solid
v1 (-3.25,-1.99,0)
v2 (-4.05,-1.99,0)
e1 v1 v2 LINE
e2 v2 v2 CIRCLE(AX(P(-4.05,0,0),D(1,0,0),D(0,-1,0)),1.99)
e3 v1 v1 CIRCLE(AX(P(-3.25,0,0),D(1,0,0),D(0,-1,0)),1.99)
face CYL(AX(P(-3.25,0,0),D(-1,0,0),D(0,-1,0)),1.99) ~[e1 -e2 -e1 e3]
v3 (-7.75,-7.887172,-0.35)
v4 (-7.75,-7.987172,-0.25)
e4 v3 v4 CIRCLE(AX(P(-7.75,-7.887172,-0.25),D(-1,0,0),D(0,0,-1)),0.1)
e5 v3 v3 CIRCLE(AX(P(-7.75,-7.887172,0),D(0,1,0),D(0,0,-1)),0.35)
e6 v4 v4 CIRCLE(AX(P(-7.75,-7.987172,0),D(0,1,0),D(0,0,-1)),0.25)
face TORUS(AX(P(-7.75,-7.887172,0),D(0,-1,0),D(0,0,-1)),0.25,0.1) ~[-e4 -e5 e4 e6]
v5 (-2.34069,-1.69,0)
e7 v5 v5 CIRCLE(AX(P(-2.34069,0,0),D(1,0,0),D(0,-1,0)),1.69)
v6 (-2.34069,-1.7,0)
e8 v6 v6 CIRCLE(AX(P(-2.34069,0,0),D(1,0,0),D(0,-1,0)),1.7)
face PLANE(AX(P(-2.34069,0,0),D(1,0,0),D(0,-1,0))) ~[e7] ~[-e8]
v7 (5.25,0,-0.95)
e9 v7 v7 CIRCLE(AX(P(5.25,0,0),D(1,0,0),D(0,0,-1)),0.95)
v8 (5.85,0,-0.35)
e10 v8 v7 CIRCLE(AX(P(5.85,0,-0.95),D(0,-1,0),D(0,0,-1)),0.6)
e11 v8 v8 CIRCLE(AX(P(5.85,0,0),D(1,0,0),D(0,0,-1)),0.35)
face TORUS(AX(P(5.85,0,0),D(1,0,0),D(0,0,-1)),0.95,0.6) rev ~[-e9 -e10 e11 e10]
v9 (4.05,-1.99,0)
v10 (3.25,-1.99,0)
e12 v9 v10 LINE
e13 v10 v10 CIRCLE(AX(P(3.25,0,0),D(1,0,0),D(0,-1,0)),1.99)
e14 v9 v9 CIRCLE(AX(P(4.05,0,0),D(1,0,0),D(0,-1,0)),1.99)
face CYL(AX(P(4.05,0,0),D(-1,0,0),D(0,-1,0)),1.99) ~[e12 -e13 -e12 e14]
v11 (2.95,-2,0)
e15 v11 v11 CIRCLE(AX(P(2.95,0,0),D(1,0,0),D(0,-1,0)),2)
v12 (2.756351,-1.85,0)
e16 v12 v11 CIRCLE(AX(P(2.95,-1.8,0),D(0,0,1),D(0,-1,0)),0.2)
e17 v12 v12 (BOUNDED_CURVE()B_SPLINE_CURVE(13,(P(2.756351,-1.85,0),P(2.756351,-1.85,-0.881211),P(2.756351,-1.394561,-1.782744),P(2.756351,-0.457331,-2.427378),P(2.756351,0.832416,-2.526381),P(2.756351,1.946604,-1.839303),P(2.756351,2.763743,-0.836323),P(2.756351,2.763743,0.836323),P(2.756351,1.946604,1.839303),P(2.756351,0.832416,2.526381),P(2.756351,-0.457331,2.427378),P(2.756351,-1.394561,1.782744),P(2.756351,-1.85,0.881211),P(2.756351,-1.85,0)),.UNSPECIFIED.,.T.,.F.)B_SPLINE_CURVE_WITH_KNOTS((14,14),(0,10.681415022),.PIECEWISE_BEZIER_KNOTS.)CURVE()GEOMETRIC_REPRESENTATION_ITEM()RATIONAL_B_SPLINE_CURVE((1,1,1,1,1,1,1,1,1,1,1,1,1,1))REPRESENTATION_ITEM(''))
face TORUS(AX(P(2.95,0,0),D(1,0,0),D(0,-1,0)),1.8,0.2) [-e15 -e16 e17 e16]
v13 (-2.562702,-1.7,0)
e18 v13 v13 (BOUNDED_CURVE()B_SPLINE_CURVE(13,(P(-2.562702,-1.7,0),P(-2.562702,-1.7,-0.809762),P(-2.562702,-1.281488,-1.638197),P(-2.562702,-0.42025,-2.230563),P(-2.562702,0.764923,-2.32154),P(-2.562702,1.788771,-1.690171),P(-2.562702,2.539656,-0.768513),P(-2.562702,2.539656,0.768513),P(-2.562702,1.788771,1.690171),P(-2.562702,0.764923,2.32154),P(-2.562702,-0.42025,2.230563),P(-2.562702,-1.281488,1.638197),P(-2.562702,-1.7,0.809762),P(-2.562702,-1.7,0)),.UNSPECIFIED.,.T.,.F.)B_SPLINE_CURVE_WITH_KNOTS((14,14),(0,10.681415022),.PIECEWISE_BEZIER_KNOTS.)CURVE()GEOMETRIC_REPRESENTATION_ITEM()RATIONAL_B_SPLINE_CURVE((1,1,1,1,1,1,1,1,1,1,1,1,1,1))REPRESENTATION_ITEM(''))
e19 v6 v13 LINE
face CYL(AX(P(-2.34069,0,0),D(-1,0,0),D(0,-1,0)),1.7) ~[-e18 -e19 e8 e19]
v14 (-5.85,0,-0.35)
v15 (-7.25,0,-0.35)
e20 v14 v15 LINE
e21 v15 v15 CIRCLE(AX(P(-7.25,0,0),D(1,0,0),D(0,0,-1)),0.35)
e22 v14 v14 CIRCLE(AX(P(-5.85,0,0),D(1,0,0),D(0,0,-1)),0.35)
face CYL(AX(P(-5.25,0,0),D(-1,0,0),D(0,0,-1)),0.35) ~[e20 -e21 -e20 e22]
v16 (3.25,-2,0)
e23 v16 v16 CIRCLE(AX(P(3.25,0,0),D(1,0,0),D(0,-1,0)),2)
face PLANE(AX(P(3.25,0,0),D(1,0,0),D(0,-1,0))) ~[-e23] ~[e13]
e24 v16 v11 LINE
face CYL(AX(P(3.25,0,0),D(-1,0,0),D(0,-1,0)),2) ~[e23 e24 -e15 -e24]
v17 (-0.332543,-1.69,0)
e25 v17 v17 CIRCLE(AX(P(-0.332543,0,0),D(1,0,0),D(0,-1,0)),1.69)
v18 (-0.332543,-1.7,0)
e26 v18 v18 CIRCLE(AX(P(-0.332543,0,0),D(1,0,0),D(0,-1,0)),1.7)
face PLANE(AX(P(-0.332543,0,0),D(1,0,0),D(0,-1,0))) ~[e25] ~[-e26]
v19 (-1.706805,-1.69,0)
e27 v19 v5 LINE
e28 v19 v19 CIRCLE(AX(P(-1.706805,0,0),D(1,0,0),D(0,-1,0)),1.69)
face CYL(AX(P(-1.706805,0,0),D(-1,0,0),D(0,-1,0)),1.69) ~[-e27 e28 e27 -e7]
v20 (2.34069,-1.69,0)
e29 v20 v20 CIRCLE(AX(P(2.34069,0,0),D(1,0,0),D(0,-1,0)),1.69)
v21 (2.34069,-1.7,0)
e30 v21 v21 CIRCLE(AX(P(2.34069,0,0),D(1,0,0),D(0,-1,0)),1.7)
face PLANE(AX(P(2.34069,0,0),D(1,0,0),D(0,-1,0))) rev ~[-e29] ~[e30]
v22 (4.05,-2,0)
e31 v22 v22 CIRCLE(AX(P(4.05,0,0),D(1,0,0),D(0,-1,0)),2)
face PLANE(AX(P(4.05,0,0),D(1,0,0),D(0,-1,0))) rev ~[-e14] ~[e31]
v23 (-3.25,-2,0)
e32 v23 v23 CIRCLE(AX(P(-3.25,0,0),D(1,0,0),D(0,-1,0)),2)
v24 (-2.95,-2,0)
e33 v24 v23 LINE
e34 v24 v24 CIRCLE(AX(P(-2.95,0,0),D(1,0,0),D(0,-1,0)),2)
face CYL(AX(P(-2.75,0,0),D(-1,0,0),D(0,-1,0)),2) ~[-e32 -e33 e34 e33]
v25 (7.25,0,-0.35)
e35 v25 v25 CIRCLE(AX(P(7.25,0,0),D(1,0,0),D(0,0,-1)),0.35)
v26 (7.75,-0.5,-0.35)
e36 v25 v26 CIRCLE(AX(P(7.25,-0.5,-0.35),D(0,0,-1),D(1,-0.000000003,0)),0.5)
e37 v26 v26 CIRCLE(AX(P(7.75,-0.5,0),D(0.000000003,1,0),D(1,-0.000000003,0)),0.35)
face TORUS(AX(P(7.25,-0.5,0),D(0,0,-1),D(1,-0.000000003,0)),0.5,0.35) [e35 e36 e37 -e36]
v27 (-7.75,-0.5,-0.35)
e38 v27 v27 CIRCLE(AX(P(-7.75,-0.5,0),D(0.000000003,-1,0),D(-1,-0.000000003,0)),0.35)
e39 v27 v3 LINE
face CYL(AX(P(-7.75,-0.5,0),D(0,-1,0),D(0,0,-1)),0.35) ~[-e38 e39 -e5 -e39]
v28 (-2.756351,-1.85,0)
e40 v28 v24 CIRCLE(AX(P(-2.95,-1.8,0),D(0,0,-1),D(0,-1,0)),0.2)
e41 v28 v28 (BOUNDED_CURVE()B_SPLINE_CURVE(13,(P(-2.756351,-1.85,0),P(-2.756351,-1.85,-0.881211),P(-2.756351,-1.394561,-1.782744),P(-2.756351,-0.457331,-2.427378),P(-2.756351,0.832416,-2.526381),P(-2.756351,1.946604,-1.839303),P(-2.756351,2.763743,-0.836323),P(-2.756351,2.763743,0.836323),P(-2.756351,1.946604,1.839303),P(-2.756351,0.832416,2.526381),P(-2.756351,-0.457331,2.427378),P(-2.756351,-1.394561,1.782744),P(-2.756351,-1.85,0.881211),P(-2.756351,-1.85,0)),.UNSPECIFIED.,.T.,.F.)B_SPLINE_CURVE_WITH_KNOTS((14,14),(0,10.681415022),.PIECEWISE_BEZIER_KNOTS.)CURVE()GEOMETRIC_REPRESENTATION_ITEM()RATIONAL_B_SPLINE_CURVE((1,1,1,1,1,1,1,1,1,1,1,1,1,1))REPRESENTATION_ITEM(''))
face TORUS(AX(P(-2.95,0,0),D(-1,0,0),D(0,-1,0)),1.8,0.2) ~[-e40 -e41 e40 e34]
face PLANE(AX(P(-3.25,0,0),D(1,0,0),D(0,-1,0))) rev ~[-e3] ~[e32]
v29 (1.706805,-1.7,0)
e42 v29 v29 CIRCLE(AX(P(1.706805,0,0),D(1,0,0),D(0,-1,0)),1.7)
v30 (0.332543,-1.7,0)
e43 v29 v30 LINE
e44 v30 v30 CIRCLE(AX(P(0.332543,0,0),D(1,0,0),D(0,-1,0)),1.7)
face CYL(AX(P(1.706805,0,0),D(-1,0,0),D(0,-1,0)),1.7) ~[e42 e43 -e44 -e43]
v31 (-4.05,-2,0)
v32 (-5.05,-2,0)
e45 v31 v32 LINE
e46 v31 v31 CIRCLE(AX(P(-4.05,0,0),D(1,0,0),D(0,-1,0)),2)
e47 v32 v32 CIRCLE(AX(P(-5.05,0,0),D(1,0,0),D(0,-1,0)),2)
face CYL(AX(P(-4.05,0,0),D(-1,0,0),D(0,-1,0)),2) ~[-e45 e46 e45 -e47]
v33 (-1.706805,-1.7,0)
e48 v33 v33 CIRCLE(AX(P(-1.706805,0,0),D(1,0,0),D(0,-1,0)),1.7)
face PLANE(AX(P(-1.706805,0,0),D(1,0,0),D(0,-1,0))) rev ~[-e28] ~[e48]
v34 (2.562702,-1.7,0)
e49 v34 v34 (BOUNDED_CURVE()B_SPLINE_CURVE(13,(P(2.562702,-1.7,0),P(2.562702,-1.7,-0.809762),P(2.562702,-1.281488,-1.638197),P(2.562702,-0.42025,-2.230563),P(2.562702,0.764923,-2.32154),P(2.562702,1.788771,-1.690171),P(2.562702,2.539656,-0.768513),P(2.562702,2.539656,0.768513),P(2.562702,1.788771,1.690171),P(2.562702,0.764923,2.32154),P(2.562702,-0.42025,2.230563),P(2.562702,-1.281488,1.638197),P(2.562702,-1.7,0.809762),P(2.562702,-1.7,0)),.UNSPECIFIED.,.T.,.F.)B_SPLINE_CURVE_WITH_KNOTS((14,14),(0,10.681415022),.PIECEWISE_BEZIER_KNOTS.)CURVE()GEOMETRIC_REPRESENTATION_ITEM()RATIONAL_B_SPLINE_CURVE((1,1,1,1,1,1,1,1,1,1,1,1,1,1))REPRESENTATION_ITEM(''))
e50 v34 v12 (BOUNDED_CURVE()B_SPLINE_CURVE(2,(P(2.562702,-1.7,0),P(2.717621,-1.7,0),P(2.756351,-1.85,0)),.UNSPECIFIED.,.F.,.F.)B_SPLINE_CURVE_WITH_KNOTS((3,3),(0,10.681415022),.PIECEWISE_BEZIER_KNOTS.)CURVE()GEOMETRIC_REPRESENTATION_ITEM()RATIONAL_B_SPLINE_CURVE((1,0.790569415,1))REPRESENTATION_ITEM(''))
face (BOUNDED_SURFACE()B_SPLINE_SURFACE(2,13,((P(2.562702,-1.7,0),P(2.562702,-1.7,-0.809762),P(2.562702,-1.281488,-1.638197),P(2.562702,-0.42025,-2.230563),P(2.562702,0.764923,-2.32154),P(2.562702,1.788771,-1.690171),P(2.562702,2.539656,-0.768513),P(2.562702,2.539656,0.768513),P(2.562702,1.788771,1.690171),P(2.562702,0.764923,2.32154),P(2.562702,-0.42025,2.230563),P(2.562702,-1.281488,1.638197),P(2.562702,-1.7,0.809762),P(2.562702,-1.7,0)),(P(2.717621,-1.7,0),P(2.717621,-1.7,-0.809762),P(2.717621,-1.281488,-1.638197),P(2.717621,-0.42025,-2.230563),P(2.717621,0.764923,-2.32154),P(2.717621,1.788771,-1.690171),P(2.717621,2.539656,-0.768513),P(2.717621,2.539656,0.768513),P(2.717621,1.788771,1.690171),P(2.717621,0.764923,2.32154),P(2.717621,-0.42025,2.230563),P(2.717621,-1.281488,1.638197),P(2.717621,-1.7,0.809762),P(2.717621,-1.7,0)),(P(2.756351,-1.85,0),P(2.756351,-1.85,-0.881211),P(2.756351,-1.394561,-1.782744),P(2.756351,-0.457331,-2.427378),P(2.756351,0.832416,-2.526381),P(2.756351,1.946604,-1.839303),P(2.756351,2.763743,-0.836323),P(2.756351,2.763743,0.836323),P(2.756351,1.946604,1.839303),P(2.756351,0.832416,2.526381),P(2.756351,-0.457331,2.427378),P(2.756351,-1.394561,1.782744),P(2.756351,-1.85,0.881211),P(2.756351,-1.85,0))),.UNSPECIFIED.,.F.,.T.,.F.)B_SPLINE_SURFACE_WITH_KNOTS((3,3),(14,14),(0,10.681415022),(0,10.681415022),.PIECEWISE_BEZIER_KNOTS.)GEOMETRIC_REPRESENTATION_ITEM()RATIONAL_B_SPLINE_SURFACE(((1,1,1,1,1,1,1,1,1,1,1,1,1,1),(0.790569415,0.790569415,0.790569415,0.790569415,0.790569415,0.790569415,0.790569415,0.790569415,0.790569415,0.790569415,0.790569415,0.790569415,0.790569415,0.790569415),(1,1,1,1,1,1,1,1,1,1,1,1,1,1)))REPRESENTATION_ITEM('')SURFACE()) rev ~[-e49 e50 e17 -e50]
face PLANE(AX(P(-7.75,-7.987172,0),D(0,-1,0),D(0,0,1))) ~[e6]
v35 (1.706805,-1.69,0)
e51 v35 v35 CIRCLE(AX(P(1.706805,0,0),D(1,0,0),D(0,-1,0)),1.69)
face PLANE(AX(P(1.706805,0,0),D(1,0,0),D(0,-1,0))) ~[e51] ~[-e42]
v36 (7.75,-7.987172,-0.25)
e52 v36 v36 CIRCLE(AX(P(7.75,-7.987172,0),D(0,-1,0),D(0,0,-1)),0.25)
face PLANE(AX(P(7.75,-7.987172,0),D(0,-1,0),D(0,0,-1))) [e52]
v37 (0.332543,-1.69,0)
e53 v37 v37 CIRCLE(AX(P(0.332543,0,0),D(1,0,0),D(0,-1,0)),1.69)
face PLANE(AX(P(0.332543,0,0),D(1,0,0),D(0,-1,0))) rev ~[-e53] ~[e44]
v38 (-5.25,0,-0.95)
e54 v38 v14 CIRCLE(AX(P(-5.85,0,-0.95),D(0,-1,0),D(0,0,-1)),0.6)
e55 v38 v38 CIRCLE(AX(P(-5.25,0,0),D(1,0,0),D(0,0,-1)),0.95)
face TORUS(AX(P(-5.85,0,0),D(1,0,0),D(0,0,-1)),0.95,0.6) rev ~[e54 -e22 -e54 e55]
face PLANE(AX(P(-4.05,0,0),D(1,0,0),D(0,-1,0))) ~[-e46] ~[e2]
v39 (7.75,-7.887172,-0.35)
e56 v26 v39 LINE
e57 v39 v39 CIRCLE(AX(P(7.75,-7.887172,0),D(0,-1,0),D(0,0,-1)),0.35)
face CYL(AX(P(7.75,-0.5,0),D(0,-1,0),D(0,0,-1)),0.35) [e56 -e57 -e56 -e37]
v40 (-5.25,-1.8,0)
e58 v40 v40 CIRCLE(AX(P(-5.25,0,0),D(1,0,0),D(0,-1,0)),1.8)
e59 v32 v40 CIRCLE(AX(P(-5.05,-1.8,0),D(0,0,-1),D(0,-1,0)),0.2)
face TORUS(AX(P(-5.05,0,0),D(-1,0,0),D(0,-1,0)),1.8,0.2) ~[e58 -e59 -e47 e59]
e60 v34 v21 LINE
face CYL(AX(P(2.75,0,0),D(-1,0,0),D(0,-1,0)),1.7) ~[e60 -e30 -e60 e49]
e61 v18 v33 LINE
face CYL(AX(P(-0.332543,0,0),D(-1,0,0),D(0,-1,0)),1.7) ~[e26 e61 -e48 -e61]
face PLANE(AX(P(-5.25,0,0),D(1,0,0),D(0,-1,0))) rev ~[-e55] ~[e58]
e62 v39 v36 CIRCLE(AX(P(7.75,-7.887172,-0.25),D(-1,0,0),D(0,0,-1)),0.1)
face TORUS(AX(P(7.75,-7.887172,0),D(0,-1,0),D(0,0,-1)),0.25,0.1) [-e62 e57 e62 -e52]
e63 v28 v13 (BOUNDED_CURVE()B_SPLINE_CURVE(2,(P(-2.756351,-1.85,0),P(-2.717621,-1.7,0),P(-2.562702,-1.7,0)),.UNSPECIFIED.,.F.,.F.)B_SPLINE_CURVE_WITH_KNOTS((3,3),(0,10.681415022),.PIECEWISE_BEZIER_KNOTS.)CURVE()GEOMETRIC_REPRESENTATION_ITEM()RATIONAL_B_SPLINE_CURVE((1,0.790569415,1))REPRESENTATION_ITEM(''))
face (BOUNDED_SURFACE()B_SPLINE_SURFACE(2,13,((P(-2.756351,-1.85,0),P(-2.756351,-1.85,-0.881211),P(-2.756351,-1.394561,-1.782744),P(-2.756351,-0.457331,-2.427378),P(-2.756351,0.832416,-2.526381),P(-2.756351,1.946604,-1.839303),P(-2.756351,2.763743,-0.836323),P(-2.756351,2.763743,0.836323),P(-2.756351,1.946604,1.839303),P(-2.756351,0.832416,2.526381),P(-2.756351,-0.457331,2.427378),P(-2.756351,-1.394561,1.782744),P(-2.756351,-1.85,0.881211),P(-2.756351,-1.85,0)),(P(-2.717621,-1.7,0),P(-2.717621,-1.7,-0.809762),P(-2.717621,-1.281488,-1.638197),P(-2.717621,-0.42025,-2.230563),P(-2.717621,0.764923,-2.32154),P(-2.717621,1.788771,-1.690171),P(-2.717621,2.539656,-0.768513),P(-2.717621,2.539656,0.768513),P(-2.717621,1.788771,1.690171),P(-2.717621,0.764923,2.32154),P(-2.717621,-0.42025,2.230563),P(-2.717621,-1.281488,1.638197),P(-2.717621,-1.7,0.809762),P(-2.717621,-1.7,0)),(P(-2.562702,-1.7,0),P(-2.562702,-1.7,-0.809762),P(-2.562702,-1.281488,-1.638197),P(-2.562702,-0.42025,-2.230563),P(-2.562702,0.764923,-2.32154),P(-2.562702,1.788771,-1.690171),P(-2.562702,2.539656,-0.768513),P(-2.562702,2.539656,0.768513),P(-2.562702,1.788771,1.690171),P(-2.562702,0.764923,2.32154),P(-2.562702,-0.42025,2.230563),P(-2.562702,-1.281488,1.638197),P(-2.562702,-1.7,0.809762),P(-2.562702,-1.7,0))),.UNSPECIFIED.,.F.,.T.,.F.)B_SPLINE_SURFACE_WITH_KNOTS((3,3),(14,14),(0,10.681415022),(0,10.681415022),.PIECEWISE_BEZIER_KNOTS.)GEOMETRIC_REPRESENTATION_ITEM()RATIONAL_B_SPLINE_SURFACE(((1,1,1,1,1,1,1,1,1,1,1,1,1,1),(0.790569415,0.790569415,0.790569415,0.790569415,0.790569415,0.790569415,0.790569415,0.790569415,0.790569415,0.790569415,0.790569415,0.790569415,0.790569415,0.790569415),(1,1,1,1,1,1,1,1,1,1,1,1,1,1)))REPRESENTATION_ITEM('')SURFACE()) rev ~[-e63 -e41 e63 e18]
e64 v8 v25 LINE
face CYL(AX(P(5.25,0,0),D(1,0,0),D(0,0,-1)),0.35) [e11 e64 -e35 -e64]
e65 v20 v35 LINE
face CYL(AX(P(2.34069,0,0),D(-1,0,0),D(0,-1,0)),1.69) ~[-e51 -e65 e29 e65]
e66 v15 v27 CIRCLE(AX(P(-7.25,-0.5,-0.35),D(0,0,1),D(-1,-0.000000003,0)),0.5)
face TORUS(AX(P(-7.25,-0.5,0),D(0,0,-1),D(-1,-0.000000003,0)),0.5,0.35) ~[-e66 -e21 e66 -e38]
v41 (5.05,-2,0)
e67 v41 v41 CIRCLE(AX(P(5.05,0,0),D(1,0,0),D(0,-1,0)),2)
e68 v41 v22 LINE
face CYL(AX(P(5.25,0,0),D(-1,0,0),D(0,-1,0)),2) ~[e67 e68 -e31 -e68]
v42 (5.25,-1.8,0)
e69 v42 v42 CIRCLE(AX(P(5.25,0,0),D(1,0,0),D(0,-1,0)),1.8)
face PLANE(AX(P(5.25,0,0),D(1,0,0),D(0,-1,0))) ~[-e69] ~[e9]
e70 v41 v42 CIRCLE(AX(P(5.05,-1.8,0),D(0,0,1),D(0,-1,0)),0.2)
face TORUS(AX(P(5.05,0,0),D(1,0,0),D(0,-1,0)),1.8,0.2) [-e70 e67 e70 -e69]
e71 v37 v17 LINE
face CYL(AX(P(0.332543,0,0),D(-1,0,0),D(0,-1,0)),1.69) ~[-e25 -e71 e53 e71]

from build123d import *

# Parameters (mm, degrees)
FILLET2_R  = 0.2
FILLET3_R  = 0.2
FILLET4_R  = 0.2
FILLET5_R  = 0.2
FILLET6_R  = 0.2
SKETCH3_R  = 0.35
FILLET15_R = 0.1
FILLET16_R = 0.6


with BuildPart() as part:
    # Sketch1 → Revolve1 (revolve)
    with BuildSketch(Plane.XY):
        Polygon((-5.25, 0), (5.25, 0), (5.25, -2), (4.05, -2), (4.05, -1.99), (3.25, -1.99), (3.25, -2), (2.75, -2), (2.75, -1.7), (2.340690061, -1.7), (2.340690061, -1.69), (1.70680528, -1.69), (1.70680528, -1.7), (0.332543076, -1.7), (0.332543076, -1.69), (-0.332543076, -1.69), (-0.332543076, -1.7), (-1.70680528, -1.7), (-1.70680528, -1.69), (-2.340690061, -1.69), (-2.340690061, -1.7), (-2.75, -1.7), (-2.75, -2), (-3.25, -2), (-3.25, -1.99), (-4.05, -1.99), (-4.05, -2), (-5.25, -2), align=None)
    revolve(axis=Axis((-5.25, 0, 0), (1, 0, 0)))

    # Fillet2
    fillet2_edges = [part.edges().sort_by_distance(p)[0] for p in [
        (-2.75, 2, 0),
    ]]
    fillet(fillet2_edges, radius=FILLET2_R)

    # Fillet3
    fillet3_edges = [part.edges().sort_by_distance(p)[0] for p in [
        (-2.75, 1.7, 0),
        (2.75, 2, 0),
    ]]
    fillet(fillet3_edges, radius=FILLET3_R)

    # Fillet4
    fillet4_edges = [part.edges().sort_by_distance(p)[0] for p in [
        (2.75, 1.7, 0),
    ]]
    fillet(fillet4_edges, radius=FILLET4_R)

    # Fillet5
    fillet5_edges = [part.edges().sort_by_distance(p)[0] for p in [
        (-5.25, 2, 0),
    ]]
    fillet(fillet5_edges, radius=FILLET5_R)

    # Fillet6
    fillet6_edges = [part.edges().sort_by_distance(p)[0] for p in [
        (5.25, 2, 0),
    ]]
    fillet(fillet6_edges, radius=FILLET6_R)

    # Sweep4: sweep along a curve in space
    with BuildLine() as sweep4_path:
        Line((5.25, 0, 0), (7.25, 0, 0))
        ThreePointArc((7.75, -0.5, 0), (7.603553391, -0.146446609, 0), (7.25, 0, 0))
        Line((7.75, -0.5, 0), (7.75, -7.987172384, 0))
    # Sketch3 → Sweep4 (sweep)
    with BuildSketch(Plane(origin=(5.25, 0, 0), x_dir=(0, 0, -1), z_dir=(1, 0, 0))):
        Circle(SKETCH3_R)
    sweep4 = sweep(path=sweep4_path.line)

    # Mirror4: Sweep4 across plane
    add(sweep4.mirror(Plane(origin=(0, 0, 0), x_dir=(0, 0, 1), z_dir=(1, 0, 0))))

    # Fillet15
    fillet15_edges = [part.edges().sort_by_distance(p)[0] for p in [
        (7.75, -7.987172384, 0.35),
        (-7.75, -7.987172384, 0.35),
    ]]
    fillet(fillet15_edges, radius=FILLET15_R)

    # Fillet16
    fillet16_edges = [part.edges().sort_by_distance(p)[0] for p in [
        (5.25, 0, 0.35),
        (-5.25, 0, 0.35),
    ]]
    fillet(fillet16_edges, radius=FILLET16_R)


solid = part.part
